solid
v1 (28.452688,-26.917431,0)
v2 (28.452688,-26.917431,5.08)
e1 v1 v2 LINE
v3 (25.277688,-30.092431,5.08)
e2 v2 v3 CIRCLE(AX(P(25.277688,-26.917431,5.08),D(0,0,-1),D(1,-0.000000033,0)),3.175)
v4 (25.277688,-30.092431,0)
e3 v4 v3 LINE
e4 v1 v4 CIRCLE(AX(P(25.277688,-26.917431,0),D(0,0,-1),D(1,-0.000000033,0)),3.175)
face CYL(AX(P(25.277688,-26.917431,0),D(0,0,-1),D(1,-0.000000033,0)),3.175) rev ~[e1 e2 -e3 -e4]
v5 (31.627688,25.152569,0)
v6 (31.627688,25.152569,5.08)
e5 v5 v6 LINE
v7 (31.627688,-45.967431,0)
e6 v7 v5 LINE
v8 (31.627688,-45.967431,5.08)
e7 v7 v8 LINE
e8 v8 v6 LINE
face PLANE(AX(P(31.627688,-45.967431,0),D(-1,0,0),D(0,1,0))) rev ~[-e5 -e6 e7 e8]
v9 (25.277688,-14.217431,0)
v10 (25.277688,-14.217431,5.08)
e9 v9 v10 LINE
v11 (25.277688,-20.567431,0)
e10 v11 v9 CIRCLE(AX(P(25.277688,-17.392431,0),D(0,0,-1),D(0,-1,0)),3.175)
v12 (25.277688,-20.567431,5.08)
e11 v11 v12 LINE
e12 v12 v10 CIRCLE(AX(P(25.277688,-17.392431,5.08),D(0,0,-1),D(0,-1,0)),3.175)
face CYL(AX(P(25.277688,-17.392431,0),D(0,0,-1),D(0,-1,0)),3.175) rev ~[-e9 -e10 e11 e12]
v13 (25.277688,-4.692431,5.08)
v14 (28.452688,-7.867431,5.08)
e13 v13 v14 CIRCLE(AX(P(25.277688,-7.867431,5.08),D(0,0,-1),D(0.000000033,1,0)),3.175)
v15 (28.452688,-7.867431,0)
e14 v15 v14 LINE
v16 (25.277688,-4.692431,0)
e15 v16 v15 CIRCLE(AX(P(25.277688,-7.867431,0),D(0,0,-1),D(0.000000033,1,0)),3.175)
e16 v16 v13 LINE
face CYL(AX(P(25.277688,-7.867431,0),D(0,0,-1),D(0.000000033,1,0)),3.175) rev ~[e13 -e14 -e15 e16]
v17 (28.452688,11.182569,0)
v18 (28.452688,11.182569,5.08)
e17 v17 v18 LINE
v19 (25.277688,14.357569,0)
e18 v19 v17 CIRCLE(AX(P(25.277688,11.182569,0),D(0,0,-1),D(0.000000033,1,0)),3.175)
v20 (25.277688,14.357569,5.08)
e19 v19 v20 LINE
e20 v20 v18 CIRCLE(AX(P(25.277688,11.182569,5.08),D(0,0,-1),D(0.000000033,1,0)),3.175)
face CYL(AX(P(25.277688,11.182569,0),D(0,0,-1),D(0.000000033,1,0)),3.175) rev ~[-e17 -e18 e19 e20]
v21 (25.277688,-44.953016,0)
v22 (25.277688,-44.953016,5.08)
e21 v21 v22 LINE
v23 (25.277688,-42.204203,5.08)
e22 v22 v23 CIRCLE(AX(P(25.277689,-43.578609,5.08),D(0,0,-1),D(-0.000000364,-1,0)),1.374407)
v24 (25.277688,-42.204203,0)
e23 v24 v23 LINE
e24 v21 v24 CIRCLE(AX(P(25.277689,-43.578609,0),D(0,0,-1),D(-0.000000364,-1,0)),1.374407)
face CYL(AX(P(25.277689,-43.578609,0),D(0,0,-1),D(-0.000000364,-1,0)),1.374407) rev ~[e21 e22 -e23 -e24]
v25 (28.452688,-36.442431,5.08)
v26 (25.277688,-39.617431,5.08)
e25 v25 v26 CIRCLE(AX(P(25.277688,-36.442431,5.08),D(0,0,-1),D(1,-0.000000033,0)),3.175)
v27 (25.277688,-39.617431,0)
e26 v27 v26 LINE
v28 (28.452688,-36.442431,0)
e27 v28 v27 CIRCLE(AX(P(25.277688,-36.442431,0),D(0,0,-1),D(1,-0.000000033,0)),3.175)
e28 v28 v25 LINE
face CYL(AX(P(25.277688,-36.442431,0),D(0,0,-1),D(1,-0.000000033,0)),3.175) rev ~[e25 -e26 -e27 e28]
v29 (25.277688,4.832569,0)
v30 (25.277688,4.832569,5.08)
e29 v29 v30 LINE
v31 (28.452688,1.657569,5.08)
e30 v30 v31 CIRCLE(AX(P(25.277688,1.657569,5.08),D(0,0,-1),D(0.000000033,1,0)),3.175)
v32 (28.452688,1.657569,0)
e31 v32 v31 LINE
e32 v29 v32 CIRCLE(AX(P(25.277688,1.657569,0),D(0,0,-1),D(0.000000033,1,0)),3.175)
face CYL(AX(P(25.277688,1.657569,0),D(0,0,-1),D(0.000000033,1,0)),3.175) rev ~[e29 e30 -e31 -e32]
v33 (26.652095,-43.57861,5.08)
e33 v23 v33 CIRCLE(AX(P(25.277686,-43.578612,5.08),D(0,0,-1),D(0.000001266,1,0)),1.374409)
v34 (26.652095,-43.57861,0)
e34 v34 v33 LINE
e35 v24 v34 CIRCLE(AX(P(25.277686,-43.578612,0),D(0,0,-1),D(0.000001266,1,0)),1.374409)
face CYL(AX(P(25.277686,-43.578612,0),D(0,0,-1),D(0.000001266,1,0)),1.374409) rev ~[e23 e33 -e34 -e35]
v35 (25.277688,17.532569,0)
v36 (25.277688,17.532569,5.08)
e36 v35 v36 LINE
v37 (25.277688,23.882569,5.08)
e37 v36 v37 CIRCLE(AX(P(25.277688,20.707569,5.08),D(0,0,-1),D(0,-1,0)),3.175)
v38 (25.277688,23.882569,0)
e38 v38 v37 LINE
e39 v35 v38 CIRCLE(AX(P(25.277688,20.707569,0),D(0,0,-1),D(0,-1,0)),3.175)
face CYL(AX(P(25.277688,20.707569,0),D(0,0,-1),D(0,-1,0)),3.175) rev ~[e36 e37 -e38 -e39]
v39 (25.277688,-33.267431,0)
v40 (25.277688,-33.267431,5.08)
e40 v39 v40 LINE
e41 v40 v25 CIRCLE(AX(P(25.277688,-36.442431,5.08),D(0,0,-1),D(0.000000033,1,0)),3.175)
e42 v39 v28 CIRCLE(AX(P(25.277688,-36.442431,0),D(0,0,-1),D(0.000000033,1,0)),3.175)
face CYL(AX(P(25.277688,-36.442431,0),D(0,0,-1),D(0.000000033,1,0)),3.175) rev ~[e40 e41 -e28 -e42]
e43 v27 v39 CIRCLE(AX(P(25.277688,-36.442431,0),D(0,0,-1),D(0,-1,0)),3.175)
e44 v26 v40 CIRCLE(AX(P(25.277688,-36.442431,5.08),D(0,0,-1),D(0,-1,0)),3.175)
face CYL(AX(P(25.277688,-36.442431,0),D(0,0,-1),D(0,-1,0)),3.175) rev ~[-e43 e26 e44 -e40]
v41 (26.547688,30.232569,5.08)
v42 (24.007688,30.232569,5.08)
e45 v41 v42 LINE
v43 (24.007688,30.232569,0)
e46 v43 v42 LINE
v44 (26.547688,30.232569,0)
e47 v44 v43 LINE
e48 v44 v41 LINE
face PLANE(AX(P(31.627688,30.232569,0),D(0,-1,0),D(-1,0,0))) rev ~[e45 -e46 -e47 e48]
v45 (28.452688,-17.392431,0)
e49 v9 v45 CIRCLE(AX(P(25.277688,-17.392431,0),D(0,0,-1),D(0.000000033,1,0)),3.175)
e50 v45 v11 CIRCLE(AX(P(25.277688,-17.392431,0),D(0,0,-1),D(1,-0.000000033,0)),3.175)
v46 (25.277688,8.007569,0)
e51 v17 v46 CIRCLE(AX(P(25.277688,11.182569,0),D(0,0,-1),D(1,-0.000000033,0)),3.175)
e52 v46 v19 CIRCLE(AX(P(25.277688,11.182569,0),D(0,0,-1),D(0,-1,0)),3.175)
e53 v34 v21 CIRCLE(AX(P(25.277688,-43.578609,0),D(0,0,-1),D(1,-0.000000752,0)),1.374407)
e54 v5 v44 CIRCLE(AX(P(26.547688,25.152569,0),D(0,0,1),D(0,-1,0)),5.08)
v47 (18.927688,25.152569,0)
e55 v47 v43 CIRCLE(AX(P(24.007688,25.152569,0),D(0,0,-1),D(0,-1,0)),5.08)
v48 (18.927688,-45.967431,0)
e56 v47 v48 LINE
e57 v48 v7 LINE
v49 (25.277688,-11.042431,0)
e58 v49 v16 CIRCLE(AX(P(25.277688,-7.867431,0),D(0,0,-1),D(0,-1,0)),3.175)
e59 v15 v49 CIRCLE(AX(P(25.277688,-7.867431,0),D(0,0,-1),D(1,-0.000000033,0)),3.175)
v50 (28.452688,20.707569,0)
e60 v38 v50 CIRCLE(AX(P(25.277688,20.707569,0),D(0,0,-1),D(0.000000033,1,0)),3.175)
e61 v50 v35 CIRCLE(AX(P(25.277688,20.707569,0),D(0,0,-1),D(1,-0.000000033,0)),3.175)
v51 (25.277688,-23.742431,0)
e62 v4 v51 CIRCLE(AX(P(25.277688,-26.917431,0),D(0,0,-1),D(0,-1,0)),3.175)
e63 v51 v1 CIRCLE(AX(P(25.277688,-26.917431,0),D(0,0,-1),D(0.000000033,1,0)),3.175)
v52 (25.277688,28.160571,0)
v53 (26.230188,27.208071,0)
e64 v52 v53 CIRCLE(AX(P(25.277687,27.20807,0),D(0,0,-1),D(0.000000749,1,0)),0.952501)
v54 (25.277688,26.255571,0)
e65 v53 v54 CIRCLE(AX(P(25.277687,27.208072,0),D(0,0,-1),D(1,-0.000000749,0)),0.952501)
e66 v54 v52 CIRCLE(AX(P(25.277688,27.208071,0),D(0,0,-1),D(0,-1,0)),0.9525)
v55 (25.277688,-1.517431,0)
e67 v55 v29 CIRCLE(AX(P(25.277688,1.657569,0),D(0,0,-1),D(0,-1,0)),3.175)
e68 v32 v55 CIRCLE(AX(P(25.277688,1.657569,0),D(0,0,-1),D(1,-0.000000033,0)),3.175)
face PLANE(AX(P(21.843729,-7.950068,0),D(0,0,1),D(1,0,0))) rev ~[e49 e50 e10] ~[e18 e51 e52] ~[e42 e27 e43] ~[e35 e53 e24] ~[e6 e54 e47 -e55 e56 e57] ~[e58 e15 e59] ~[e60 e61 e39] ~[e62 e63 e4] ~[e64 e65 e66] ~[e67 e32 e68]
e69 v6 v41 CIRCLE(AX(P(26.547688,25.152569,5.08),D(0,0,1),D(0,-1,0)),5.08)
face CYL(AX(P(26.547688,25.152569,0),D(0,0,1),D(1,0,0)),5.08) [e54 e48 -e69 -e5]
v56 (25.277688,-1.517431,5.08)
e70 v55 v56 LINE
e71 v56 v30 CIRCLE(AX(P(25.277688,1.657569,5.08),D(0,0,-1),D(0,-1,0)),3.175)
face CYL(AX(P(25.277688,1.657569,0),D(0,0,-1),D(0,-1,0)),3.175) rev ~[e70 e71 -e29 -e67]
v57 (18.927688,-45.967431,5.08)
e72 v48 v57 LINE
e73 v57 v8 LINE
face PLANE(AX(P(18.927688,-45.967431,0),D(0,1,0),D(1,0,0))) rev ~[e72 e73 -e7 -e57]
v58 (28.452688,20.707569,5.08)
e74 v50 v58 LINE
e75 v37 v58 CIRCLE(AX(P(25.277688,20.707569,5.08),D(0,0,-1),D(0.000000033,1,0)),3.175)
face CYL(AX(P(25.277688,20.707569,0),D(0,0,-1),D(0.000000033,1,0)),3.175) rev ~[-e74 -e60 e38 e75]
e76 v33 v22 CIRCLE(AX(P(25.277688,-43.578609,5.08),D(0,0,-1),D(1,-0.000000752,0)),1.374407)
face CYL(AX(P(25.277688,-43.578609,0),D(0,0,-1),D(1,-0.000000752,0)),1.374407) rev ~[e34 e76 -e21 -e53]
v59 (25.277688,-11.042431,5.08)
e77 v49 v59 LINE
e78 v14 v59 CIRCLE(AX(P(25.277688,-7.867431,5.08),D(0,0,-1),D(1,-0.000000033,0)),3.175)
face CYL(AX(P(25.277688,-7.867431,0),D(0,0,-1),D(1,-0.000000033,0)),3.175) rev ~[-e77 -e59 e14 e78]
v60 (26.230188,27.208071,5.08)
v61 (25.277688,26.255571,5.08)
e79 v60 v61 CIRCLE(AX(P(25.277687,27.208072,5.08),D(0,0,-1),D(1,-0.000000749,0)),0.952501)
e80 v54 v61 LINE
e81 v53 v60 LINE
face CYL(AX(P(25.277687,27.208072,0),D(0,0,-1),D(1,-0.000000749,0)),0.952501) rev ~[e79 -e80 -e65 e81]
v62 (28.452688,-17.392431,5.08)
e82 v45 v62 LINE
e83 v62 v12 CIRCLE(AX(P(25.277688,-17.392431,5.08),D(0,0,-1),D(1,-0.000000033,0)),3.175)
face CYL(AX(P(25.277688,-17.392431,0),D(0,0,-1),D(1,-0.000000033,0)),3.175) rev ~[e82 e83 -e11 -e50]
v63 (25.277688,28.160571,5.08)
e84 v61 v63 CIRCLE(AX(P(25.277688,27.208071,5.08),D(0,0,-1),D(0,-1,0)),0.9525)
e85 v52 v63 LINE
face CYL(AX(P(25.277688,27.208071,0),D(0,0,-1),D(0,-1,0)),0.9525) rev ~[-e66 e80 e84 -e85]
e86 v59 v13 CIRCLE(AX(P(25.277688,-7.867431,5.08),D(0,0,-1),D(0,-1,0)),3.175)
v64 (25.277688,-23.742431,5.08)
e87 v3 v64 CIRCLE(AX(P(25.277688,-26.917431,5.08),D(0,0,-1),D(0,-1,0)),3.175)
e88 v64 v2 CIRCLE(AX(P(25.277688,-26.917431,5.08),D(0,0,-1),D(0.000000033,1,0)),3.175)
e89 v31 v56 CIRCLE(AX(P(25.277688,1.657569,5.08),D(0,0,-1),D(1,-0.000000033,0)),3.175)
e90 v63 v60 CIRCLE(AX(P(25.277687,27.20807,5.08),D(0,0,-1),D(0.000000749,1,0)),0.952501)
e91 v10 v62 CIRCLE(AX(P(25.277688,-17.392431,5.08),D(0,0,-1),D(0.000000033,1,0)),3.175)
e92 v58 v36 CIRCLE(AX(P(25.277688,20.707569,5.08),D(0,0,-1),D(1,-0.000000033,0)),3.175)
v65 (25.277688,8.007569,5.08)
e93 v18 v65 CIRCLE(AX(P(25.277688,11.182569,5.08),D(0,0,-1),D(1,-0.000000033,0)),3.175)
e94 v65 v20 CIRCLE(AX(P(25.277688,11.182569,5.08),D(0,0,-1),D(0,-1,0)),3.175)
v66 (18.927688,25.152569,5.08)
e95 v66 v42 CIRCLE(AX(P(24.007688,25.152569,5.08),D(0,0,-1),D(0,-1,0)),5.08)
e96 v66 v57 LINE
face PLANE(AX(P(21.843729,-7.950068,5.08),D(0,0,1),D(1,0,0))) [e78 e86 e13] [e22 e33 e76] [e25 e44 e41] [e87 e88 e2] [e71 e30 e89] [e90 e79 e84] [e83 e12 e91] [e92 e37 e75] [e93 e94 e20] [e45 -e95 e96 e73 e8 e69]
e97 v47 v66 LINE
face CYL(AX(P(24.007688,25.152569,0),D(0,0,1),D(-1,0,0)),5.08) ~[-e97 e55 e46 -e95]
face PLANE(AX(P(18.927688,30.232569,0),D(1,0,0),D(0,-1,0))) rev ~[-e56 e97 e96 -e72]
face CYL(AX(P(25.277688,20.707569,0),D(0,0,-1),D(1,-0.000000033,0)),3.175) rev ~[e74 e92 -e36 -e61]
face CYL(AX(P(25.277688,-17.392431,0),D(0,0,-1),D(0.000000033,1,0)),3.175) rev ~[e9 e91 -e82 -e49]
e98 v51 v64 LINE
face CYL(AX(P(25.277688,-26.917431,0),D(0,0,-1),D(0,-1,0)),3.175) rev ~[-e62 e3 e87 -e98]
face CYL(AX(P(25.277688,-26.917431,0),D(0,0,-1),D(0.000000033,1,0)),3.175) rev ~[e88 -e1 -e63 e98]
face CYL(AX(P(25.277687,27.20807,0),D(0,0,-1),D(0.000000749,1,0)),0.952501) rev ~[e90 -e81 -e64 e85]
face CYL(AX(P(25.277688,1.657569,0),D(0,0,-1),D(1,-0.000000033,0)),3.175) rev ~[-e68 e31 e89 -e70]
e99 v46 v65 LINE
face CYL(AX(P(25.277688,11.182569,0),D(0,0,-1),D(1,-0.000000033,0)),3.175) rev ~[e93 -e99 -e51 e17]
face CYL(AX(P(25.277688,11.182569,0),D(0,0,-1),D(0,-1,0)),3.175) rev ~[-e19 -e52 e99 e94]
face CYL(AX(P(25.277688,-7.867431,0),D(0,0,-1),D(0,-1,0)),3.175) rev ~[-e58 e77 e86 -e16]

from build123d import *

# Parameters (mm, degrees)
F1_DEPTH = 5.08
F2_R     = 5.08


with BuildPart() as f1:
    # F0 (on Top) → F1 (new body)
    with BuildSketch(Plane.XY):
        with BuildLine():
            Line((25.277688, 30.232569), (18.927688, 30.232569))
            Line((18.927688, 30.232569), (18.927688, -45.967431))
            Line((18.927688, -45.967431), (25.277688, -45.967431))
            Line((25.277688, -45.967431), (25.277688, -44.953016))
            ThreePointArc((25.277688, -44.953016), (23.903282, -43.57861), (25.277688, -42.204203))
            Line((25.277688, -42.204203), (25.277688, -39.617431))
            ThreePointArc((25.277688, -39.617431), (22.102688, -36.442431), (25.277688, -33.267431))
            Line((25.277688, -33.267431), (25.277688, -30.092431))
            ThreePointArc((25.277688, -30.092431), (22.102688, -26.917431), (25.277688, -23.742431))
            Line((25.277688, -23.742431), (25.277688, -20.567431))
            ThreePointArc((25.277688, -20.567431), (22.102688, -17.392431), (25.277688, -14.217431))
            Line((25.277688, -14.217431), (25.277688, -11.042431))
            ThreePointArc((25.277688, -11.042431), (22.102688, -7.867431), (25.277688, -4.692431))
            Line((25.277688, -4.692431), (25.277688, -1.517431))
            ThreePointArc((25.277688, -1.517431), (22.102688, 1.657569), (25.277688, 4.832569))
            Line((25.277688, 4.832569), (25.277688, 8.007569))
            ThreePointArc((25.277688, 8.007569), (22.102688, 11.182569), (25.277688, 14.357569))
            Line((25.277688, 14.357569), (25.277688, 17.532569))
            ThreePointArc((25.277688, 17.532569), (22.102688, 20.707569), (25.277688, 23.882569))
            Line((25.277688, 23.882569), (25.277688, 26.255571))
            ThreePointArc((25.277688, 26.255571), (24.325188, 27.208071), (25.277688, 28.160571))
            Line((25.277688, 28.160571), (25.277688, 30.232569))
        make_face()
        with BuildLine():
            Line((31.627688, 30.232569), (25.277688, 30.232569))
            Line((25.277688, 30.232569), (25.277688, 28.160571))
            ThreePointArc((25.277688, 28.160571), (25.951207, 27.88159), (26.230188, 27.208071))
            ThreePointArc((26.230188, 27.208071), (25.951207, 26.534552), (25.277688, 26.255571))
            Line((25.277688, 26.255571), (25.277688, 23.882569))
            ThreePointArc((25.277688, 23.882569), (27.522752, 22.952633), (28.452688, 20.707569))
            ThreePointArc((28.452688, 20.707569), (27.522752, 18.462505), (25.277688, 17.532569))
            Line((25.277688, 17.532569), (25.277688, 14.357569))
            ThreePointArc((25.277688, 14.357569), (27.522752, 13.427633), (28.452688, 11.182569))
            ThreePointArc((28.452688, 11.182569), (27.522752, 8.937505), (25.277688, 8.007569))
            Line((25.277688, 8.007569), (25.277688, 4.832569))
            ThreePointArc((25.277688, 4.832569), (27.522752, 3.902633), (28.452688, 1.657569))
            ThreePointArc((28.452688, 1.657569), (27.522752, -0.587495), (25.277688, -1.517431))
            Line((25.277688, -1.517431), (25.277688, -4.692431))
            ThreePointArc((25.277688, -4.692431), (27.522752, -5.622367), (28.452688, -7.867431))
            ThreePointArc((28.452688, -7.867431), (27.522752, -10.112495), (25.277688, -11.042431))
            Line((25.277688, -11.042431), (25.277688, -14.217431))
            ThreePointArc((25.277688, -14.217431), (27.522752, -15.147367), (28.452688, -17.392431))
            ThreePointArc((28.452688, -17.392431), (27.522752, -19.637495), (25.277688, -20.567431))
            Line((25.277688, -20.567431), (25.277688, -23.742431))
            ThreePointArc((25.277688, -23.742431), (27.522752, -24.672367), (28.452688, -26.917431))
            ThreePointArc((28.452688, -26.917431), (27.522752, -29.162495), (25.277688, -30.092431))
            Line((25.277688, -30.092431), (25.277688, -33.267431))
            ThreePointArc((25.277688, -33.267431), (27.522752, -34.197367), (28.452688, -36.442431))
            ThreePointArc((28.452688, -36.442431), (27.522752, -38.687495), (25.277688, -39.617431))
            Line((25.277688, -39.617431), (25.277688, -42.204203))
            ThreePointArc((25.277688, -42.204203), (26.24954, -42.606758), (26.652095, -43.57861))
            ThreePointArc((26.652095, -43.57861), (26.24954, -44.550462), (25.277688, -44.953016))
            Line((25.277688, -44.953016), (25.277688, -45.967431))
            Line((25.277688, -45.967431), (31.627688, -45.967431))
            Line((31.627688, -45.967431), (31.627688, 30.232569))
        make_face()
    extrude(amount=F1_DEPTH)

    # F2
    f2_edges = [f1.edges().sort_by_distance(p)[0] for p in [
        (31.627688, 30.232569, 2.54),
        (18.927688, 30.232569, 2.54),
    ]]
    fillet(f2_edges, radius=F2_R)


solid = f1.part
